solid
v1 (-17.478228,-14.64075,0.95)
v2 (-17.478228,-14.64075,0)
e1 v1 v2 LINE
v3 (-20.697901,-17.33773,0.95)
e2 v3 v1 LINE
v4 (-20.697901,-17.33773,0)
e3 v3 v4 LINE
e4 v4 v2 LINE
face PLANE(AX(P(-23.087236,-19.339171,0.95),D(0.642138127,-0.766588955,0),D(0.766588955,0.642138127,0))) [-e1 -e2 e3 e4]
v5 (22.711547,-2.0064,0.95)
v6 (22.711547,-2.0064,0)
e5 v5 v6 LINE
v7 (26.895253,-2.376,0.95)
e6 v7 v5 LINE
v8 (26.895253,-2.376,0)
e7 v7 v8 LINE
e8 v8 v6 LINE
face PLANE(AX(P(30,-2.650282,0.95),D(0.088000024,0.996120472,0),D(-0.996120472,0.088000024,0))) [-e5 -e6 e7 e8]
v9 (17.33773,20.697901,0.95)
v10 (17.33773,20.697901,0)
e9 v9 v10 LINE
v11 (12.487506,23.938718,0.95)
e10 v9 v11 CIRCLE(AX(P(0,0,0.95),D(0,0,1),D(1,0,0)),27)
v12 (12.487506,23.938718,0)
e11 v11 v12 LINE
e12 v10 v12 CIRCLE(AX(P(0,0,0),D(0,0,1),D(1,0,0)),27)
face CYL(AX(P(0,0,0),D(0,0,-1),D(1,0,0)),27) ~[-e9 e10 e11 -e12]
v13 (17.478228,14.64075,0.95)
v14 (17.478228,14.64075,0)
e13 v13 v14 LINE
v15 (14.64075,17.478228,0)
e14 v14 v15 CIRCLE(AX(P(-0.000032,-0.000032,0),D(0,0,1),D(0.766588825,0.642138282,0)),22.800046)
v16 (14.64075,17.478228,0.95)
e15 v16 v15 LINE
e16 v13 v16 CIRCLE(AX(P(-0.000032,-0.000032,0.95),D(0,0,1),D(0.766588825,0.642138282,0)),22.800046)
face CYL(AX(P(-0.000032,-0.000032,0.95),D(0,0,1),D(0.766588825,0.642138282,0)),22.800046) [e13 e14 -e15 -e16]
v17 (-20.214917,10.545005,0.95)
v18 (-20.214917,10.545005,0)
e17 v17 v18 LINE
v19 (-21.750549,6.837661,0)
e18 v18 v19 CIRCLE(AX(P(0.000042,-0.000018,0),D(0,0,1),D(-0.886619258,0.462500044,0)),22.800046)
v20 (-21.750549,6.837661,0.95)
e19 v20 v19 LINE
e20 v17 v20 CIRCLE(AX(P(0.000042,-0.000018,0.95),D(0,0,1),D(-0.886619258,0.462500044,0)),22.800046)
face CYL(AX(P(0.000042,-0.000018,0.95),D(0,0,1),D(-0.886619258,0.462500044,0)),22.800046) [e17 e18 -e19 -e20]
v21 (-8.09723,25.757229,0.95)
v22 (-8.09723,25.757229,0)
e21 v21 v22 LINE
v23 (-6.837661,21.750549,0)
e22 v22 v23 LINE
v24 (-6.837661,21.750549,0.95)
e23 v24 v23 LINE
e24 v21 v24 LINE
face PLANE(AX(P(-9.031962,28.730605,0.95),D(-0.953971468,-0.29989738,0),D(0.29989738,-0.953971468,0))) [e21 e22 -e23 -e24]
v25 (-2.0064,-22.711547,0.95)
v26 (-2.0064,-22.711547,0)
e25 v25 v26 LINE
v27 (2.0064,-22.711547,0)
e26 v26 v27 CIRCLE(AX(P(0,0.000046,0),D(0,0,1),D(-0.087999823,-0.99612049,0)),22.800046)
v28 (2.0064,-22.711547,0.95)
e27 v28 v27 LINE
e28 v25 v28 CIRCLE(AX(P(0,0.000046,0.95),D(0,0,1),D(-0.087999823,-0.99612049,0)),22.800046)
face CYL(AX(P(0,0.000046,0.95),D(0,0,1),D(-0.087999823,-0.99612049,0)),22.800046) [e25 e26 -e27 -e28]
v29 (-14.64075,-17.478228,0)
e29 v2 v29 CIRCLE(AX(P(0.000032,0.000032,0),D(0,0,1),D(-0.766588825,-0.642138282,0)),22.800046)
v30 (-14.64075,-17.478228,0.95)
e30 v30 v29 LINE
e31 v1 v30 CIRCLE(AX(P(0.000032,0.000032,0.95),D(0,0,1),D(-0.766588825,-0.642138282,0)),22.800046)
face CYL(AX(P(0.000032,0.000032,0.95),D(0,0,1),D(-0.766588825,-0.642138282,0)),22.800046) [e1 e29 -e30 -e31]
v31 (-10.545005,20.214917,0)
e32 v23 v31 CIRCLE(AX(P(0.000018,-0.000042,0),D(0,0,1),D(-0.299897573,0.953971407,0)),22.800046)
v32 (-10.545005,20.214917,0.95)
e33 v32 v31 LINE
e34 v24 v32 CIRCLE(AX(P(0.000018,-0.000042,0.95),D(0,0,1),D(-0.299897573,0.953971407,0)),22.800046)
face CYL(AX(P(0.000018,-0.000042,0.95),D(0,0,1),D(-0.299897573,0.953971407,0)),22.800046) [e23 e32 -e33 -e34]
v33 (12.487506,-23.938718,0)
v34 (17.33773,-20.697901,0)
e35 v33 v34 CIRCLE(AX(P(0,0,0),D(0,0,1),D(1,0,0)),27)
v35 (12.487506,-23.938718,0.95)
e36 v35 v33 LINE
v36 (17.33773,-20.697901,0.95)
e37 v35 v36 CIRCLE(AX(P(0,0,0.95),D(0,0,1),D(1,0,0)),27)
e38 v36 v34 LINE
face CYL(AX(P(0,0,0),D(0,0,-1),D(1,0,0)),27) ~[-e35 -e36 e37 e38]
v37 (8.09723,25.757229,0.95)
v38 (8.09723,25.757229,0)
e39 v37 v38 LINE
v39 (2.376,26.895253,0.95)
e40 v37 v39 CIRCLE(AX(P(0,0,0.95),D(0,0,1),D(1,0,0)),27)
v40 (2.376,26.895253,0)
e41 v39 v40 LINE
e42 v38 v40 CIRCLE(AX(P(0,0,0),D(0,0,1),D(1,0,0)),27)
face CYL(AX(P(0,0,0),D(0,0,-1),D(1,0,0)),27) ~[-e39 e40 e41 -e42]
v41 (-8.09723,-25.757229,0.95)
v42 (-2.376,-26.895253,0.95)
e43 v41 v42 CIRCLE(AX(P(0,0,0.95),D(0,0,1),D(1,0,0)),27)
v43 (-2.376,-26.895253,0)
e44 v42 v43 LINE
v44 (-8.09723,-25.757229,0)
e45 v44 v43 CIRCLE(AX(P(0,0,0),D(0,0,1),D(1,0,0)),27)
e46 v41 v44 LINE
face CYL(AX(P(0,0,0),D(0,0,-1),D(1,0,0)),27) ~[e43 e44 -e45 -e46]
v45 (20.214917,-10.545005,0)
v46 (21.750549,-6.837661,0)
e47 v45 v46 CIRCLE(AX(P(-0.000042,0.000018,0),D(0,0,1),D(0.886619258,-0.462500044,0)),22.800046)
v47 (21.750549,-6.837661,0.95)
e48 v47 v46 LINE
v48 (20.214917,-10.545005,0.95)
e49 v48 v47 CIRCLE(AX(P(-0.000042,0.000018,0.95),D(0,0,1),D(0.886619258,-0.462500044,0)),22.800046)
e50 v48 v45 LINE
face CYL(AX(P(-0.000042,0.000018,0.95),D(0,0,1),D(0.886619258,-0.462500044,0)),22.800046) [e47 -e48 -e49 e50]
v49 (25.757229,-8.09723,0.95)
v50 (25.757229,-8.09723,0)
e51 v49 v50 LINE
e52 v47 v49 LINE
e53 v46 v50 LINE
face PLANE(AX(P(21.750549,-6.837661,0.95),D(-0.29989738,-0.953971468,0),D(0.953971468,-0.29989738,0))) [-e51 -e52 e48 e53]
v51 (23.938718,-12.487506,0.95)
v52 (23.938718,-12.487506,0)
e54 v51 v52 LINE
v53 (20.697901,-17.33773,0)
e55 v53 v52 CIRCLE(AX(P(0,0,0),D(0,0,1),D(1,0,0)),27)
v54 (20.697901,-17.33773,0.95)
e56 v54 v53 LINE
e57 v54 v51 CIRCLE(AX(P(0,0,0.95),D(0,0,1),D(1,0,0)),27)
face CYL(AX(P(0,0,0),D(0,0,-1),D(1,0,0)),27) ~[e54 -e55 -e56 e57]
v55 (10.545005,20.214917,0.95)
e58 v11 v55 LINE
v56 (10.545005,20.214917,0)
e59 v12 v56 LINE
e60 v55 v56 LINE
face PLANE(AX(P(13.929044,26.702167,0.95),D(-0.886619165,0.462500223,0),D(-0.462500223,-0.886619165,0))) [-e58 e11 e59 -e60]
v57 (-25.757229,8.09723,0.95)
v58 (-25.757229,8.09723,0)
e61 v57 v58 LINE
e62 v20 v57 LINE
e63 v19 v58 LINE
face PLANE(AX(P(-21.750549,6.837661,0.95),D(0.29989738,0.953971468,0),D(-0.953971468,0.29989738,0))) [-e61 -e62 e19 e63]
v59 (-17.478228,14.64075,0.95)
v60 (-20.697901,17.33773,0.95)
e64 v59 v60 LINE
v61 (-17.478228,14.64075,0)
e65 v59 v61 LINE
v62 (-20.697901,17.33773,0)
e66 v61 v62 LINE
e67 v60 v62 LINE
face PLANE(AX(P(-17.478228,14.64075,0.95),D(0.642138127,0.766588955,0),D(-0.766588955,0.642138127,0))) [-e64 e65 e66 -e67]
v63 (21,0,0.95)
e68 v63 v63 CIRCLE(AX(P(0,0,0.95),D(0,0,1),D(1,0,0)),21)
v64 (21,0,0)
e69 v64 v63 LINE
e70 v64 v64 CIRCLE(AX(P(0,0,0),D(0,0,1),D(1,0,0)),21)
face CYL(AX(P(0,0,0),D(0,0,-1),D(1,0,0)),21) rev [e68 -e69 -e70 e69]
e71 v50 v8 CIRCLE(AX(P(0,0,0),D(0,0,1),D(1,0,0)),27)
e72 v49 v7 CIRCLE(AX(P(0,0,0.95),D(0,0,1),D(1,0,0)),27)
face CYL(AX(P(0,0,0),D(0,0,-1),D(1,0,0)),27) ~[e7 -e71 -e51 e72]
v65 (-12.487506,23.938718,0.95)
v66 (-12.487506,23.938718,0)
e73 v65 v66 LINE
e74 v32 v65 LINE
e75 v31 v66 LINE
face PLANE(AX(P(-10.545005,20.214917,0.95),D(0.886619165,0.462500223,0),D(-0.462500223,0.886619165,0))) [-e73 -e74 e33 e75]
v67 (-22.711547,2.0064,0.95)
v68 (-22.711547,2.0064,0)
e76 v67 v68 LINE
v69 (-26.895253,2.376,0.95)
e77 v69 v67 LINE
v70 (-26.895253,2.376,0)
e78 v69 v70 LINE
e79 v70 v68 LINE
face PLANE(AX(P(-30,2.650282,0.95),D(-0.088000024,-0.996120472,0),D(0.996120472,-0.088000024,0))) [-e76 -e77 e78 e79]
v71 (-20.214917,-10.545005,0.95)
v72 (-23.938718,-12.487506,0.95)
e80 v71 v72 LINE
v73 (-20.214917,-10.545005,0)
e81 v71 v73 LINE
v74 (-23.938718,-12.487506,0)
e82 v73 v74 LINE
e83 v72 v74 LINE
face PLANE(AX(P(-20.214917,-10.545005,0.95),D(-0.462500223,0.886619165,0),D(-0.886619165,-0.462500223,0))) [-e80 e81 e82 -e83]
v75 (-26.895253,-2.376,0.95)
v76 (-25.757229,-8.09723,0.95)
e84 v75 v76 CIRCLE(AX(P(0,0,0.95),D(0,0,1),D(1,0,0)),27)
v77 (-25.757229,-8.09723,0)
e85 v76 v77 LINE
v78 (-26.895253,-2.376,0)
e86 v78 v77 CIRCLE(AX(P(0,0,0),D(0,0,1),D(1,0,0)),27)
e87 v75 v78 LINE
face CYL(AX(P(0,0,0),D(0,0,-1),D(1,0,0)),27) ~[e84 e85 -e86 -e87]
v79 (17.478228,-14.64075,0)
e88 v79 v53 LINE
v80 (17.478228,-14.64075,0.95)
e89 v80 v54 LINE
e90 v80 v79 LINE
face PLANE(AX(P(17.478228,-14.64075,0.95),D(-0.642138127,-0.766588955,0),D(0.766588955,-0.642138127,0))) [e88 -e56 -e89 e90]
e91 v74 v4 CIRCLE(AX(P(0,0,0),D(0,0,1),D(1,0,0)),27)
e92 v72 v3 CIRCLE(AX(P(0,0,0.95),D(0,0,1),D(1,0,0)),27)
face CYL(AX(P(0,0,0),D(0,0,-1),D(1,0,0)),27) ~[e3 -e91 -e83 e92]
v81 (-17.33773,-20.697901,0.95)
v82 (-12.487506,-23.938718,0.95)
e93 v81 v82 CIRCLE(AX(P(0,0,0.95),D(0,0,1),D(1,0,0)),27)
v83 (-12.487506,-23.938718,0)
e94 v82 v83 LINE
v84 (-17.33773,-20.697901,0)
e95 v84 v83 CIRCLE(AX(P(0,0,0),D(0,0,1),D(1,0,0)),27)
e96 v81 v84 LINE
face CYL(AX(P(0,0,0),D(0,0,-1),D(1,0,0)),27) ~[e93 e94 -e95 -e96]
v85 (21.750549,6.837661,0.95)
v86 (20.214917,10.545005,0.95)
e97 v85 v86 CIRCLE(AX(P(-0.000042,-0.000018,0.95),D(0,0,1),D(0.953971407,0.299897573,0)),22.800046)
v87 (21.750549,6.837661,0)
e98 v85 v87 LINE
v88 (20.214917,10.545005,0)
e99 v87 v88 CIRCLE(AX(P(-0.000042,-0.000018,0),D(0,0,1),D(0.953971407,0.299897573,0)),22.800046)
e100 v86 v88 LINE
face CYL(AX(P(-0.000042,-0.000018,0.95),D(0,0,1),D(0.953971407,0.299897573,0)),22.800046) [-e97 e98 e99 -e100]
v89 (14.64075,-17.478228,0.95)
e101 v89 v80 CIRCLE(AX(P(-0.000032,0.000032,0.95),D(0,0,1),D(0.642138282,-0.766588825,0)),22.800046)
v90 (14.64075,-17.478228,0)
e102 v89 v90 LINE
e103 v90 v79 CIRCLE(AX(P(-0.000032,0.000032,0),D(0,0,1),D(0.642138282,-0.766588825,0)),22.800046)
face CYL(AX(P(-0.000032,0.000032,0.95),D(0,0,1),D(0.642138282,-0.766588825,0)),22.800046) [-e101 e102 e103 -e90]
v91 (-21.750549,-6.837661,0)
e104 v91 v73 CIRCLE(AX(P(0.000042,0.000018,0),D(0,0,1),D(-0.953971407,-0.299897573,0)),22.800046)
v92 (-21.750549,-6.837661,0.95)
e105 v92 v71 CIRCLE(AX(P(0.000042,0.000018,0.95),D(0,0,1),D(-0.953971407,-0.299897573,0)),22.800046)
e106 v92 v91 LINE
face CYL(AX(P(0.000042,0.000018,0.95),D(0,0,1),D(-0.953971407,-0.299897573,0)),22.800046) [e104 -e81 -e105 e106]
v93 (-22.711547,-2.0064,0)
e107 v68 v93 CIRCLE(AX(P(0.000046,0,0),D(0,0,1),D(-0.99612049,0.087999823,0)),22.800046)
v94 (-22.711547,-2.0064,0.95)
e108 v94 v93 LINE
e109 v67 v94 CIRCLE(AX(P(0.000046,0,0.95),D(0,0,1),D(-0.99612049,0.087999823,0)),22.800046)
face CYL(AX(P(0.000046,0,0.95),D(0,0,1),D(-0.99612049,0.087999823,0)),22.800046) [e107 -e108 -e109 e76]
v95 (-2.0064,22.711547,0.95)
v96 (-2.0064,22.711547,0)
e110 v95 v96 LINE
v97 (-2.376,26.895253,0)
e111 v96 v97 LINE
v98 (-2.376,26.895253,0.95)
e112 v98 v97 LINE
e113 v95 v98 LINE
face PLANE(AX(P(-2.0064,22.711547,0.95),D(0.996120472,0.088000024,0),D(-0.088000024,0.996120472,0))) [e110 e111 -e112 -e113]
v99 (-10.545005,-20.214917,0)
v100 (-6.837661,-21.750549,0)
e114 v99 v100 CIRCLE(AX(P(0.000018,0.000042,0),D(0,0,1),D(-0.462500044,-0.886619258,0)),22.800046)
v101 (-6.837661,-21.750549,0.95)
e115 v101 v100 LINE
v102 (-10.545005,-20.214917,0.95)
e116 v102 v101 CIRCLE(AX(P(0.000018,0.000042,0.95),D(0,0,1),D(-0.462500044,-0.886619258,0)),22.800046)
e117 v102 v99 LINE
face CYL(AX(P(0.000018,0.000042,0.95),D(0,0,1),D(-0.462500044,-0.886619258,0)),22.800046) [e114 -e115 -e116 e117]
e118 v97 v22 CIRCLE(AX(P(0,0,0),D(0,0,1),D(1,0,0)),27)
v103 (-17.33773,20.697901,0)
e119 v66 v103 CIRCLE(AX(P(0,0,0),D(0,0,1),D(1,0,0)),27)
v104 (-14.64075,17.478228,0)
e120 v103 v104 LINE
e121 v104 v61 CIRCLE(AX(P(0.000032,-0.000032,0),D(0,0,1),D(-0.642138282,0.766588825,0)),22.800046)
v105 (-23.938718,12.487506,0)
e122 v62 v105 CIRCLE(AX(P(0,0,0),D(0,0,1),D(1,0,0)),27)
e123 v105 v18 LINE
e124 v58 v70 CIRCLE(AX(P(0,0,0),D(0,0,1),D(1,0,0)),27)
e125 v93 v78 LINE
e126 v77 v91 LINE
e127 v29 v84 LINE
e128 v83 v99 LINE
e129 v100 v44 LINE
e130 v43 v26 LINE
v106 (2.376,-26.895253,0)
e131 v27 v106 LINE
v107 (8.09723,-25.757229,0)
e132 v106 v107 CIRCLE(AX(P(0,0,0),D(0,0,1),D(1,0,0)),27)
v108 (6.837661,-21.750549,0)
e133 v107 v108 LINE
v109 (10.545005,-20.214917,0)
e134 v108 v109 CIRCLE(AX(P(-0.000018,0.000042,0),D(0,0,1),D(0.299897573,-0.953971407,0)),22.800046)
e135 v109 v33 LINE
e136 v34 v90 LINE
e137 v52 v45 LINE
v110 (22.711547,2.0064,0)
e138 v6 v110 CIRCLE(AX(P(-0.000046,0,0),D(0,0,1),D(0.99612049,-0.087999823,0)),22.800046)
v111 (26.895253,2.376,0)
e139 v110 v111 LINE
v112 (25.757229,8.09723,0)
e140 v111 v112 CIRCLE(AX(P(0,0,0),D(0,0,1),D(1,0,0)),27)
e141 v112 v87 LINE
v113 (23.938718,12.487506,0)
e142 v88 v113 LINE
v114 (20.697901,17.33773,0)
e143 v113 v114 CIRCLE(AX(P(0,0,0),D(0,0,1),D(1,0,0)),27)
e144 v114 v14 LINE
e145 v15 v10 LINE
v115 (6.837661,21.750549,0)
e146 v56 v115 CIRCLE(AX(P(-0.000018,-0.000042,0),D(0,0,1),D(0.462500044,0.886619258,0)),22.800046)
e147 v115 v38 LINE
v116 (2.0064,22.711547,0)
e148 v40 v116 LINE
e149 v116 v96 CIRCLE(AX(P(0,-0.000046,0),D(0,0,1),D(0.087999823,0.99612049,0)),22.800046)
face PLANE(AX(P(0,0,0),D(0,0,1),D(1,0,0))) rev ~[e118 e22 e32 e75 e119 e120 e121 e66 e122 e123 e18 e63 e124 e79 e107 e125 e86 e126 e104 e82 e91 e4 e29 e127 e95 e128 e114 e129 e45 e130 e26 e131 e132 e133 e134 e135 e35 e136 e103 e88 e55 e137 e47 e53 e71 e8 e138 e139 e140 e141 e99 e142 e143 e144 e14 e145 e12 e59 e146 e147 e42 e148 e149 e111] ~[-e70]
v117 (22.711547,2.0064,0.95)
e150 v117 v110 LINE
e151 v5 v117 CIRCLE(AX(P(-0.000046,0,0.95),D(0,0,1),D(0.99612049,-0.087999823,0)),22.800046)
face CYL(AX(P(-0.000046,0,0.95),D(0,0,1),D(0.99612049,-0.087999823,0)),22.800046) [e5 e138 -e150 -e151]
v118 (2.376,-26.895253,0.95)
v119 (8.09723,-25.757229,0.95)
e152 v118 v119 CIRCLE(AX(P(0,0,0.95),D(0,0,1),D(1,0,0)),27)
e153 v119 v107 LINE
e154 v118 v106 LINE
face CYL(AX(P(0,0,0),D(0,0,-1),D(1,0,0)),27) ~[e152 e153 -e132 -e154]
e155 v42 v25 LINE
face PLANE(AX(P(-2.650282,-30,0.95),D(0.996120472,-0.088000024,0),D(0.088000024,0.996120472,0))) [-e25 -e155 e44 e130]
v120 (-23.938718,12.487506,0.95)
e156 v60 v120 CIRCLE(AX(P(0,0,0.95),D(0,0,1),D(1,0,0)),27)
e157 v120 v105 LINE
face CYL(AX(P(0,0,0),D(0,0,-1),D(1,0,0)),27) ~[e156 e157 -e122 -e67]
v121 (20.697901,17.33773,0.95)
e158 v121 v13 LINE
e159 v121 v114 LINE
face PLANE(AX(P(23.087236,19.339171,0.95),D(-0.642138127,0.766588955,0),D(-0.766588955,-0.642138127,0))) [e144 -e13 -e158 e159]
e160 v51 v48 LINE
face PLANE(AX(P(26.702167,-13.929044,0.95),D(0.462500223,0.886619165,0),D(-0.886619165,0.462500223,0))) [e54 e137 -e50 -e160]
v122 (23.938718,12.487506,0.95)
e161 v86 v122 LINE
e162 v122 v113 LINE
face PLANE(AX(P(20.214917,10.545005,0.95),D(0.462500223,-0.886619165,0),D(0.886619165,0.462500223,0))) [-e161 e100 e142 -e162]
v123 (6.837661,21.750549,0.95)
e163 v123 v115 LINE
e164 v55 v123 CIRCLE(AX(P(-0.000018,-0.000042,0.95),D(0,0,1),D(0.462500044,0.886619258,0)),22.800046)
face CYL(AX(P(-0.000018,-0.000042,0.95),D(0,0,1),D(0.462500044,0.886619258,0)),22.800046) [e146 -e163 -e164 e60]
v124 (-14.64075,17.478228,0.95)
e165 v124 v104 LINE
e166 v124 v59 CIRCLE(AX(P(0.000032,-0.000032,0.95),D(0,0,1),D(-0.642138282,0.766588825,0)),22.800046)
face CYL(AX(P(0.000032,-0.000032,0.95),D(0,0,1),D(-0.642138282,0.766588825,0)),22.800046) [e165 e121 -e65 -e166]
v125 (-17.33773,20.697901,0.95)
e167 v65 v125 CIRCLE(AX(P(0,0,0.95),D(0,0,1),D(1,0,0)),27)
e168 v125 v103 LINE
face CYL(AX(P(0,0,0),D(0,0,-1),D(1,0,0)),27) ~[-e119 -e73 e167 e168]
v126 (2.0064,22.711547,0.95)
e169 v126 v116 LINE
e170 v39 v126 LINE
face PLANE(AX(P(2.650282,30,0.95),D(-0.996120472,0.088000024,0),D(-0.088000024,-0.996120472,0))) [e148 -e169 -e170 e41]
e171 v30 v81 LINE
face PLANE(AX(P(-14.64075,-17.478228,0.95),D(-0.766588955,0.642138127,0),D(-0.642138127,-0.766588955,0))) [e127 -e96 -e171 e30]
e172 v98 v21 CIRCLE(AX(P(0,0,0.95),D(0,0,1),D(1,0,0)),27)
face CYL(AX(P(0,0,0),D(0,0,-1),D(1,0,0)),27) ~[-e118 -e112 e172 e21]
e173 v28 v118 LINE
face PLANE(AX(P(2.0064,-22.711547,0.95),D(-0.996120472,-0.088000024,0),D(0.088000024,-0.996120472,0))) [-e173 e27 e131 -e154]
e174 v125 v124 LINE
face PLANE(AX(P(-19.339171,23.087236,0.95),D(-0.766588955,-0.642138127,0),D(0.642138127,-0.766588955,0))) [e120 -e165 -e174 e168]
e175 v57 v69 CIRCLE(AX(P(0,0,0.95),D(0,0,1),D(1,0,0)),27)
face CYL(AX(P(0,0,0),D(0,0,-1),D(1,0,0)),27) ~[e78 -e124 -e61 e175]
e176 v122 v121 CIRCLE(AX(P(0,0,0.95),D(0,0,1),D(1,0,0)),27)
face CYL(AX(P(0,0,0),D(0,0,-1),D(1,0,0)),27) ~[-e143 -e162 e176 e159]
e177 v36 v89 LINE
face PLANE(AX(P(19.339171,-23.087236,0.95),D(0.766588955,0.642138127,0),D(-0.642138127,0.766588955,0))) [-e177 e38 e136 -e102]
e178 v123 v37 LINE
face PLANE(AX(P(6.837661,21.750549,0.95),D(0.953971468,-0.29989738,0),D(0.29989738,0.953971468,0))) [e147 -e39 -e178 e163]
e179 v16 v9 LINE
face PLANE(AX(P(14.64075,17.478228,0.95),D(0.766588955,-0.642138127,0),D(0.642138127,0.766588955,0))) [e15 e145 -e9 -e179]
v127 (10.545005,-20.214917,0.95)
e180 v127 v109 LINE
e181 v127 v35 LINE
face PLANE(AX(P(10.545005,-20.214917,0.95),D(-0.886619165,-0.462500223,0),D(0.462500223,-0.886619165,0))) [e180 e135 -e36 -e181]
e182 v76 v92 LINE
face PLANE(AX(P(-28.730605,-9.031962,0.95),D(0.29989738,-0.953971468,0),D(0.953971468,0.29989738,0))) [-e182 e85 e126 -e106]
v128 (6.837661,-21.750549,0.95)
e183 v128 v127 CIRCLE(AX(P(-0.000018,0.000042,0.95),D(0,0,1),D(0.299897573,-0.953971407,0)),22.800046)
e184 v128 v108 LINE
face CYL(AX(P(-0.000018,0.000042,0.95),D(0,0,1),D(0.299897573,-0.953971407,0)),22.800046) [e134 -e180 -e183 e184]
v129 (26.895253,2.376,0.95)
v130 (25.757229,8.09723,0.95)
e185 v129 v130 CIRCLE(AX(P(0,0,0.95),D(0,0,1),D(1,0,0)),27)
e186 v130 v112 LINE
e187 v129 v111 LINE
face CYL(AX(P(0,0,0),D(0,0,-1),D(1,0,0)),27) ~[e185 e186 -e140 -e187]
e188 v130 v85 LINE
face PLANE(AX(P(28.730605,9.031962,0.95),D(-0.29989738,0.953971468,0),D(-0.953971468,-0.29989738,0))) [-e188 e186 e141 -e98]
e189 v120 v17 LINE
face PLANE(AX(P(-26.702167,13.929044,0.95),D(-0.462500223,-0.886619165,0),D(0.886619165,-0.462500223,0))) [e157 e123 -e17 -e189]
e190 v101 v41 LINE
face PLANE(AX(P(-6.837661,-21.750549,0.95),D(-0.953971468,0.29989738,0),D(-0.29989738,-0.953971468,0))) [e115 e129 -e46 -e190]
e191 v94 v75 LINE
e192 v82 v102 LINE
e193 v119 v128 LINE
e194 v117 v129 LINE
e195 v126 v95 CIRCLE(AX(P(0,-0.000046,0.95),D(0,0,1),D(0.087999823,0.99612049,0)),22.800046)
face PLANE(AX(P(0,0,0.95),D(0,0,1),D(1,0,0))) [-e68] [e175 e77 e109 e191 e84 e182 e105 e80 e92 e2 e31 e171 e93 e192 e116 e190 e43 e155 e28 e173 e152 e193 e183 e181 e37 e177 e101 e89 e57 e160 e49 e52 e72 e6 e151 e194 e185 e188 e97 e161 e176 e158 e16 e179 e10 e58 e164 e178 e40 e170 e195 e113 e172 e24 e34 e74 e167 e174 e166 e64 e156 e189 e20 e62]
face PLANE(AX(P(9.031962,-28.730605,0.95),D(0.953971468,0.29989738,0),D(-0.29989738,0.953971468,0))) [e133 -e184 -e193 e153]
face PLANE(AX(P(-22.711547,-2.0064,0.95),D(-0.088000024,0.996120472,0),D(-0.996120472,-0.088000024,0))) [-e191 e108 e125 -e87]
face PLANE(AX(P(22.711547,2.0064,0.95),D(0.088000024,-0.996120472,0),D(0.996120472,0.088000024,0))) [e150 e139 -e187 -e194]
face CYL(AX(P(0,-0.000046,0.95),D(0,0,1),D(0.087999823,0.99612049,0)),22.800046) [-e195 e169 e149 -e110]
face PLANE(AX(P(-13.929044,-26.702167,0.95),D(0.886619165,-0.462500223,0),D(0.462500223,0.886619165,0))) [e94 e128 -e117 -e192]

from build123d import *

# Parameters (mm, degrees)
SKETCH_R           = 27
SKETCH_R_2         = 21
PAD_DEPTH          = 0.95
POCKET_DEPTH       = 153.697882
POLARPATTERN_COUNT = 16


with BuildPart() as part:
    # Sketch → Pad (new body)
    with BuildSketch(Plane.XY):
        Circle(SKETCH_R)
        Circle(SKETCH_R_2, mode=Mode.SUBTRACT)
    extrude(amount=PAD_DEPTH)

    # Sketch001 → Pocket (cut, through all)
    with BuildSketch(Plane.XY.offset(0.95)):
        with BuildLine():
            ThreePointArc((22.711547, -2.0064), (22.8, 0), (22.711547, 2.0064))
            Line((22.711547, 2.0064), (30, 2.650282))
            Line((30, 2.650282), (30, -2.650282))
            Line((30, -2.650282), (22.711547, -2.0064))
        make_face()
    pocket = extrude(amount=-POCKET_DEPTH, mode=Mode.SUBTRACT)

    # PolarPattern: Pocket ×16 about axis
    polarpattern_axis = Axis((0, 0, 0.95), (0, 0, 1))
    for i in range(1, POLARPATTERN_COUNT):
        add(pocket.rotate(polarpattern_axis, i * 360 / POLARPATTERN_COUNT), mode=Mode.SUBTRACT)


solid = part.part
